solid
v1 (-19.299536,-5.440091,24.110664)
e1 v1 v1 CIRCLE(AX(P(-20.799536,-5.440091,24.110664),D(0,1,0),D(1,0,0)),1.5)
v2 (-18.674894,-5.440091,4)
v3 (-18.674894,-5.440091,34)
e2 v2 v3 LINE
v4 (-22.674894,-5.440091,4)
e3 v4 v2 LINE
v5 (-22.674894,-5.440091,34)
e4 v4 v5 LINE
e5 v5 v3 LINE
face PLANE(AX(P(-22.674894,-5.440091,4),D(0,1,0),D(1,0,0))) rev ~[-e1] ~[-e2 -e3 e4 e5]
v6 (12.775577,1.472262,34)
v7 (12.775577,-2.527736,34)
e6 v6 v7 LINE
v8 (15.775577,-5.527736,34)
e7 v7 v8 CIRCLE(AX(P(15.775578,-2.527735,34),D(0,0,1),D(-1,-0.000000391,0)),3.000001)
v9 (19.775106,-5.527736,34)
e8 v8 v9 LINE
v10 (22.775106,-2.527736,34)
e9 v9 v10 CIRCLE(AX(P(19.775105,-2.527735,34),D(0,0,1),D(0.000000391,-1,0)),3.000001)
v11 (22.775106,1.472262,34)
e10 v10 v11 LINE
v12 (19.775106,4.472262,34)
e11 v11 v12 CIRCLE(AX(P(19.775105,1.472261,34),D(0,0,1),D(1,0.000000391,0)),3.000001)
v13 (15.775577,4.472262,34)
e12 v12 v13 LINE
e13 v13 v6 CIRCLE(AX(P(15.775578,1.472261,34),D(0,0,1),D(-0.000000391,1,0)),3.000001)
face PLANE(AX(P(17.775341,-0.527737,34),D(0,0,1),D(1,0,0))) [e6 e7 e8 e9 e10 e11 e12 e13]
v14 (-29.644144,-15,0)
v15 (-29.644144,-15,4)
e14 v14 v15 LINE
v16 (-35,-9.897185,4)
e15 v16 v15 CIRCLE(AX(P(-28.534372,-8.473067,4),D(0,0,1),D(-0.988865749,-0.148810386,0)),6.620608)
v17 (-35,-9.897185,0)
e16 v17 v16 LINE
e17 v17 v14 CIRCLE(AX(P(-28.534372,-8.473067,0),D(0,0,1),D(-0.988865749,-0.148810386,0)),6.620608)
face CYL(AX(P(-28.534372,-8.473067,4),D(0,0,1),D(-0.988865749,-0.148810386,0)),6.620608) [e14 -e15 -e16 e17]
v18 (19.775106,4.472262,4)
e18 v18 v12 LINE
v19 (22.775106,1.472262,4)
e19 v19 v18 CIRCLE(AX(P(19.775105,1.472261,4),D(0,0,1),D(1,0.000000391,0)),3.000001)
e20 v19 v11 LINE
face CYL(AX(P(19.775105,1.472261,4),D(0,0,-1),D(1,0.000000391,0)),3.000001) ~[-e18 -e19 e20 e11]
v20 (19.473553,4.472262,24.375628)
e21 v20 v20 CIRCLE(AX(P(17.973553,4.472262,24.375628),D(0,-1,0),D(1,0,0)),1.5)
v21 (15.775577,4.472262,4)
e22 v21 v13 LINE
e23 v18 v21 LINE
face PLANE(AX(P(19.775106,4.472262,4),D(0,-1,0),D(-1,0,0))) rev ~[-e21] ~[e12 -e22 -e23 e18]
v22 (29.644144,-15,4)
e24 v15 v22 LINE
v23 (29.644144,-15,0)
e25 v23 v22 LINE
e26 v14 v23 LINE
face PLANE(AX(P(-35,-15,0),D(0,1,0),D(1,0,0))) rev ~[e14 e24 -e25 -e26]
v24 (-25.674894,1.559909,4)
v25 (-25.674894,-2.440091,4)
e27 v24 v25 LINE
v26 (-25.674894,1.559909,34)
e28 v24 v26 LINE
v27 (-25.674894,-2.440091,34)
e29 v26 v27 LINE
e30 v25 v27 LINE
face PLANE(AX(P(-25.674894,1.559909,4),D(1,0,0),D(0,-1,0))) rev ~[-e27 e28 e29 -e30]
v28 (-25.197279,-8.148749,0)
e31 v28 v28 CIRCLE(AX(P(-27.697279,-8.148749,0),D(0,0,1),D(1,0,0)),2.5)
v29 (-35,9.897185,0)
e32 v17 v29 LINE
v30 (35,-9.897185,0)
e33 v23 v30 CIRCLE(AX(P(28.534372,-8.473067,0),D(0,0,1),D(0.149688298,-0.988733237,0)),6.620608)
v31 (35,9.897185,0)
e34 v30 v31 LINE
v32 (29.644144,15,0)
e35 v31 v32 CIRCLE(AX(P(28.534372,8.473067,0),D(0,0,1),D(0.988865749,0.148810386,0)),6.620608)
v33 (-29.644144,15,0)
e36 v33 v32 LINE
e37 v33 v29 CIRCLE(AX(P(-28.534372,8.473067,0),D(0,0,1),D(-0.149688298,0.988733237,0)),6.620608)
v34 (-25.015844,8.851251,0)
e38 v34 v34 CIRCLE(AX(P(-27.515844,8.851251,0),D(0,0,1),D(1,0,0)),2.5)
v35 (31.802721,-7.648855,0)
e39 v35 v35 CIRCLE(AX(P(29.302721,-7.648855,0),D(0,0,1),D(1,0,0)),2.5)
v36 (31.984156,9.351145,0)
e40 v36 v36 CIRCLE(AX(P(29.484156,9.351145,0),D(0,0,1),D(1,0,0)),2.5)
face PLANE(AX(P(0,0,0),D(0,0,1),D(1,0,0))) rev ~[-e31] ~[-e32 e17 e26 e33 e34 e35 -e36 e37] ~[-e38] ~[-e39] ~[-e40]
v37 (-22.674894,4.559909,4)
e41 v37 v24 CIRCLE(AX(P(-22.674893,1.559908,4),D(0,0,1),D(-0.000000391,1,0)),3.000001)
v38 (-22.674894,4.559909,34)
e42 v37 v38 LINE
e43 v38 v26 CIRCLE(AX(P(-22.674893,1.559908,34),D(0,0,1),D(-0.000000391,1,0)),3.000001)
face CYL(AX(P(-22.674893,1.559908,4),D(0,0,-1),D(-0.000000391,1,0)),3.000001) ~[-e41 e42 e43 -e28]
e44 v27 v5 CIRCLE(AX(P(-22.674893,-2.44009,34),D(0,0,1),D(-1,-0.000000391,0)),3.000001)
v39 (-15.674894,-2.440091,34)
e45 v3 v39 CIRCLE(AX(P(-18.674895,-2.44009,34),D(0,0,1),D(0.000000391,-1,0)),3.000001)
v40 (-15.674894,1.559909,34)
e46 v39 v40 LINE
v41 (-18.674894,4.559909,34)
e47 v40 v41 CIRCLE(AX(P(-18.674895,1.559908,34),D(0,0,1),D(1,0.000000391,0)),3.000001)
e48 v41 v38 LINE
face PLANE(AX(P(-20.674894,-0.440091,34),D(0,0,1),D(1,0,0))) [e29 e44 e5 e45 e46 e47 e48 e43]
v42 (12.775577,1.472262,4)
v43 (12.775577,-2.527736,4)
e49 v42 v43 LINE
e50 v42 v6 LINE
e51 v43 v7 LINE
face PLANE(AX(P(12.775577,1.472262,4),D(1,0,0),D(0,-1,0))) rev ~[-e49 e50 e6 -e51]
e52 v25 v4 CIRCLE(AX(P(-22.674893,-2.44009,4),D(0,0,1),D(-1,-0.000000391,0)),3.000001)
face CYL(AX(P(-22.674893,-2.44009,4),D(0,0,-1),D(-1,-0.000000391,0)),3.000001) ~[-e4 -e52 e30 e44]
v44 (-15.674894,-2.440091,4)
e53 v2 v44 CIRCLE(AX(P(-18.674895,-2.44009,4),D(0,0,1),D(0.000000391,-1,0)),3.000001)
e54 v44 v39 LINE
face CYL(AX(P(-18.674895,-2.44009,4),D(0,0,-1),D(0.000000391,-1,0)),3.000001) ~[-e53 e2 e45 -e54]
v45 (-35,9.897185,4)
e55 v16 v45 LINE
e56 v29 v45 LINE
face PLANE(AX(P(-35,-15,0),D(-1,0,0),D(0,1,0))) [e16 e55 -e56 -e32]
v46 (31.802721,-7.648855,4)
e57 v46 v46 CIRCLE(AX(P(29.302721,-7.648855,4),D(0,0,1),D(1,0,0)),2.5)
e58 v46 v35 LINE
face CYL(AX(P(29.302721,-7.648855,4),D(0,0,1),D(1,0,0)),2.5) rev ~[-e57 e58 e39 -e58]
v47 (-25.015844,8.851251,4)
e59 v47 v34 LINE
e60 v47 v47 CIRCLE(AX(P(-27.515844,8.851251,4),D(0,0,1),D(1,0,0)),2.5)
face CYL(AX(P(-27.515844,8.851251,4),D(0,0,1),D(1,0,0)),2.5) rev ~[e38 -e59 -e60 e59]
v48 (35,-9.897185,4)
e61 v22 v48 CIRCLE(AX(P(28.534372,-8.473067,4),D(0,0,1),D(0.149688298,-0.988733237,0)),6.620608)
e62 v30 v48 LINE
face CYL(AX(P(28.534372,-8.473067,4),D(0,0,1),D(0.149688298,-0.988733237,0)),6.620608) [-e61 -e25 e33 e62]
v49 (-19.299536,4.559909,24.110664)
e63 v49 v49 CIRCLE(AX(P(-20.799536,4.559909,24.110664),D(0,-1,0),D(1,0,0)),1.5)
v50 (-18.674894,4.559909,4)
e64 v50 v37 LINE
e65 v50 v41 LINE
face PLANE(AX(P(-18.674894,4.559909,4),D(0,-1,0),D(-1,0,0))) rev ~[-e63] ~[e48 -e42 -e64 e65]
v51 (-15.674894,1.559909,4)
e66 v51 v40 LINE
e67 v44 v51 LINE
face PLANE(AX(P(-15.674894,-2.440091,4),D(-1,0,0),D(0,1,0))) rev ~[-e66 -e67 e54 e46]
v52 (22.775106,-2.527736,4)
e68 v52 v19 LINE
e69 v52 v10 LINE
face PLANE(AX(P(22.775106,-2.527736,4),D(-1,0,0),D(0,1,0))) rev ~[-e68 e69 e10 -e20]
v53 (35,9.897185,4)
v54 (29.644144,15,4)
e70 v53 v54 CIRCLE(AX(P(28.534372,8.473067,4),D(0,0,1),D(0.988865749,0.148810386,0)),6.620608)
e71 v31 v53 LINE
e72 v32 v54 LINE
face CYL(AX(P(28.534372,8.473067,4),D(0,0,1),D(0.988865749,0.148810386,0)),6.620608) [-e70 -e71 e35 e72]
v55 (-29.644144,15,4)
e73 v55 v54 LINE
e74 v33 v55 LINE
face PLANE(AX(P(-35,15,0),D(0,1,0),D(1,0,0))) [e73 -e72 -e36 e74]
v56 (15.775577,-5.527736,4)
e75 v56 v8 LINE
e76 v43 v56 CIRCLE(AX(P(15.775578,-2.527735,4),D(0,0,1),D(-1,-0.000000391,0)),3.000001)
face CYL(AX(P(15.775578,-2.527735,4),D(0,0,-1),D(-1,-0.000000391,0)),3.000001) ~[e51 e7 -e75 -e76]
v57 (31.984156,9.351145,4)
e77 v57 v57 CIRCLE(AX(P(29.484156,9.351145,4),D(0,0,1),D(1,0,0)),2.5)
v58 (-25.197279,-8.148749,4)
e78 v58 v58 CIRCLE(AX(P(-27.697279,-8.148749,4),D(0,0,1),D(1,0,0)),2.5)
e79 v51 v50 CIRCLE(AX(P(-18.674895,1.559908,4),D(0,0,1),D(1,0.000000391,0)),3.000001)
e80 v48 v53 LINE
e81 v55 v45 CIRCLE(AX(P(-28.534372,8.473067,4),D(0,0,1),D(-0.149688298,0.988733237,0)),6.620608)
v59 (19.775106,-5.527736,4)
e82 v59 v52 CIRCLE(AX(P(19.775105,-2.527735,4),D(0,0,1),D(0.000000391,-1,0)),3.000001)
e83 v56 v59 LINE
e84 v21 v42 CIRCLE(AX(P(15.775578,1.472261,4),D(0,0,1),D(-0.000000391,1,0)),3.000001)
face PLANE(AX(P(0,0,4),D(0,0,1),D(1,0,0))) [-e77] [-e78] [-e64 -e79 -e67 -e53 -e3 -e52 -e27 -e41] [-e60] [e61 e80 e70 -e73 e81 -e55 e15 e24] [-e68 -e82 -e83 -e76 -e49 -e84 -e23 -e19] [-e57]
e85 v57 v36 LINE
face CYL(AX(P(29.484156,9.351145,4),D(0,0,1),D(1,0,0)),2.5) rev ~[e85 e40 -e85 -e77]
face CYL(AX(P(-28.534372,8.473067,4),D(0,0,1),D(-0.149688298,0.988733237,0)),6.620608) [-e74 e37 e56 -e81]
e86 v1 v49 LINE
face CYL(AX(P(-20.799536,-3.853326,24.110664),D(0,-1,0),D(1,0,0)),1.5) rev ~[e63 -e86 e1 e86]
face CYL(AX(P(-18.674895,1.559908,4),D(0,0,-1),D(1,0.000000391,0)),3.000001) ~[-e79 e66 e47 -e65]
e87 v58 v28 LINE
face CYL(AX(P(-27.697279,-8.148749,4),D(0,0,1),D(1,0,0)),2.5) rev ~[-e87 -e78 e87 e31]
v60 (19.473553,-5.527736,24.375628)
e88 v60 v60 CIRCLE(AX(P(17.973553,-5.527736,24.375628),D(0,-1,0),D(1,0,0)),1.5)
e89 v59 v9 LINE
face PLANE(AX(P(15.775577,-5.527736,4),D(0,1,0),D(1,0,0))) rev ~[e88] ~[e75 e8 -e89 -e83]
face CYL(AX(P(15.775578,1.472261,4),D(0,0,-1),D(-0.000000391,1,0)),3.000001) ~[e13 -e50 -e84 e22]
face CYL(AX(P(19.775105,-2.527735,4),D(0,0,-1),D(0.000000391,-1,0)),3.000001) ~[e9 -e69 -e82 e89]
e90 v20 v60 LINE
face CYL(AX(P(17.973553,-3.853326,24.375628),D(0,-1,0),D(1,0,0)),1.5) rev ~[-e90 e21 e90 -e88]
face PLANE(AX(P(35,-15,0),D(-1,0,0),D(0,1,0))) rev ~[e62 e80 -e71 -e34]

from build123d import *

# Parameters (mm, degrees)
SKETCH_W        = 70
SKETCH_H        = 30
PAD_DEPTH       = 4
PAD001_DEPTH    = 30
SKETCH003_R     = 1.5
POCKET_DEPTH    = 10
SKETCH004_R     = 2.5
HOLE_DEPTH      = 25
POCKET001_DEPTH = 5


with BuildPart() as part:
    # Sketch → Pad (new body)
    with BuildSketch(Plane.XY):
        Rectangle(SKETCH_W, SKETCH_H)
    extrude(amount=PAD_DEPTH)

    # Sketch001 → Pad001 (join)
    with BuildSketch(Plane.XY.offset(4)):
        with BuildLine():
            Line((-25.674894, 1.559909), (-25.674894, -2.440091))
            ThreePointArc((-25.674894, -2.440091), (-24.796214, -4.561411), (-22.674894, -5.440091))
            Line((-22.674894, -5.440091), (-18.674894, -5.440091))
            ThreePointArc((-18.674894, -5.440091), (-16.553574, -4.561411), (-15.674894, -2.440091))
            Line((-15.674894, -2.440091), (-15.674894, 1.559909))
            ThreePointArc((-15.674894, 1.559909), (-16.553574, 3.681229), (-18.674894, 4.559909))
            Line((-18.674894, 4.559909), (-22.674894, 4.559909))
            ThreePointArc((-22.674894, 4.559909), (-24.796214, 3.681229), (-25.674894, 1.559909))
        make_face()
        with BuildLine():
            Line((12.775577, 1.472262), (12.775577, -2.527736))
            ThreePointArc((12.775577, -2.527736), (13.654257, -4.649056), (15.775577, -5.527736))
            Line((15.775577, -5.527736), (19.775106, -5.527736))
            ThreePointArc((19.775106, -5.527736), (21.896426, -4.649056), (22.775106, -2.527736))
            Line((22.775106, -2.527736), (22.775106, 1.472262))
            ThreePointArc((22.775106, 1.472262), (21.896426, 3.593582), (19.775106, 4.472262))
            Line((19.775106, 4.472262), (15.775577, 4.472262))
            ThreePointArc((15.775577, 4.472262), (13.654257, 3.593582), (12.775577, 1.472262))
        make_face()
    extrude(amount=PAD001_DEPTH)

    # Sketch003 → Pocket (cut, symmetric)
    with BuildSketch(Plane.XZ.offset(3.853326)):
        with Locations((-20.799536, 24.110664)):
            Circle(SKETCH003_R)
        with Locations((17.973553, 24.375628)):
            Circle(SKETCH003_R)
    extrude(amount=POCKET_DEPTH, both=True, mode=Mode.SUBTRACT)

    # Sketch004 (on Face5 of Pocket) → Hole (cut)
    with BuildSketch(Plane.XY.offset(4)):
        with Locations((29.484156, 9.351145)):
            Circle(SKETCH004_R)
        with Locations((29.302721, -7.648855)):
            Circle(SKETCH004_R)
        with Locations((-27.515844, 8.851251)):
            Circle(SKETCH004_R)
        with Locations((-27.697279, -8.148749)):
            Circle(SKETCH004_R)
    extrude(amount=-HOLE_DEPTH, mode=Mode.SUBTRACT)

    # Sketch005 (on Face5 of Hole) → Pocket001 (cut)
    with BuildSketch(Plane.XY.offset(4)):
        with BuildLine():
            ThreePointArc((-29.5254, 15.019082), (-33.217927, 13.152465), (-35.081265, 9.458282))
            Line((-35.081265, 9.458282), (-35.081265, 15.019082))
            Line((-35.081265, 15.019082), (-29.5254, 15.019082))
        make_face()
        with BuildLine():
            ThreePointArc((35.081265, 9.458282), (33.217927, 13.152465), (29.5254, 15.019082))
            Line((35.081265, 15.019082), (29.5254, 15.019082))
            Line((35.081265, 9.458282), (35.081265, 15.019082))
        make_face()
        with BuildLine():
            ThreePointArc((-35.081265, -9.458282), (-33.217927, -13.152465), (-29.5254, -15.019082))
            Line((-35.081265, -15.019082), (-29.5254, -15.019082))
            Line((-35.081265, -9.458282), (-35.081265, -15.019082))
        make_face()
        with BuildLine():
            ThreePointArc((29.5254, -15.019082), (33.217927, -13.152465), (35.081265, -9.458282))
            Line((35.081265, -9.458282), (35.081265, -15.019082))
            Line((35.081265, -15.019082), (29.5254, -15.019082))
        make_face()
    extrude(amount=-POCKET001_DEPTH, mode=Mode.SUBTRACT)


solid = part.part
